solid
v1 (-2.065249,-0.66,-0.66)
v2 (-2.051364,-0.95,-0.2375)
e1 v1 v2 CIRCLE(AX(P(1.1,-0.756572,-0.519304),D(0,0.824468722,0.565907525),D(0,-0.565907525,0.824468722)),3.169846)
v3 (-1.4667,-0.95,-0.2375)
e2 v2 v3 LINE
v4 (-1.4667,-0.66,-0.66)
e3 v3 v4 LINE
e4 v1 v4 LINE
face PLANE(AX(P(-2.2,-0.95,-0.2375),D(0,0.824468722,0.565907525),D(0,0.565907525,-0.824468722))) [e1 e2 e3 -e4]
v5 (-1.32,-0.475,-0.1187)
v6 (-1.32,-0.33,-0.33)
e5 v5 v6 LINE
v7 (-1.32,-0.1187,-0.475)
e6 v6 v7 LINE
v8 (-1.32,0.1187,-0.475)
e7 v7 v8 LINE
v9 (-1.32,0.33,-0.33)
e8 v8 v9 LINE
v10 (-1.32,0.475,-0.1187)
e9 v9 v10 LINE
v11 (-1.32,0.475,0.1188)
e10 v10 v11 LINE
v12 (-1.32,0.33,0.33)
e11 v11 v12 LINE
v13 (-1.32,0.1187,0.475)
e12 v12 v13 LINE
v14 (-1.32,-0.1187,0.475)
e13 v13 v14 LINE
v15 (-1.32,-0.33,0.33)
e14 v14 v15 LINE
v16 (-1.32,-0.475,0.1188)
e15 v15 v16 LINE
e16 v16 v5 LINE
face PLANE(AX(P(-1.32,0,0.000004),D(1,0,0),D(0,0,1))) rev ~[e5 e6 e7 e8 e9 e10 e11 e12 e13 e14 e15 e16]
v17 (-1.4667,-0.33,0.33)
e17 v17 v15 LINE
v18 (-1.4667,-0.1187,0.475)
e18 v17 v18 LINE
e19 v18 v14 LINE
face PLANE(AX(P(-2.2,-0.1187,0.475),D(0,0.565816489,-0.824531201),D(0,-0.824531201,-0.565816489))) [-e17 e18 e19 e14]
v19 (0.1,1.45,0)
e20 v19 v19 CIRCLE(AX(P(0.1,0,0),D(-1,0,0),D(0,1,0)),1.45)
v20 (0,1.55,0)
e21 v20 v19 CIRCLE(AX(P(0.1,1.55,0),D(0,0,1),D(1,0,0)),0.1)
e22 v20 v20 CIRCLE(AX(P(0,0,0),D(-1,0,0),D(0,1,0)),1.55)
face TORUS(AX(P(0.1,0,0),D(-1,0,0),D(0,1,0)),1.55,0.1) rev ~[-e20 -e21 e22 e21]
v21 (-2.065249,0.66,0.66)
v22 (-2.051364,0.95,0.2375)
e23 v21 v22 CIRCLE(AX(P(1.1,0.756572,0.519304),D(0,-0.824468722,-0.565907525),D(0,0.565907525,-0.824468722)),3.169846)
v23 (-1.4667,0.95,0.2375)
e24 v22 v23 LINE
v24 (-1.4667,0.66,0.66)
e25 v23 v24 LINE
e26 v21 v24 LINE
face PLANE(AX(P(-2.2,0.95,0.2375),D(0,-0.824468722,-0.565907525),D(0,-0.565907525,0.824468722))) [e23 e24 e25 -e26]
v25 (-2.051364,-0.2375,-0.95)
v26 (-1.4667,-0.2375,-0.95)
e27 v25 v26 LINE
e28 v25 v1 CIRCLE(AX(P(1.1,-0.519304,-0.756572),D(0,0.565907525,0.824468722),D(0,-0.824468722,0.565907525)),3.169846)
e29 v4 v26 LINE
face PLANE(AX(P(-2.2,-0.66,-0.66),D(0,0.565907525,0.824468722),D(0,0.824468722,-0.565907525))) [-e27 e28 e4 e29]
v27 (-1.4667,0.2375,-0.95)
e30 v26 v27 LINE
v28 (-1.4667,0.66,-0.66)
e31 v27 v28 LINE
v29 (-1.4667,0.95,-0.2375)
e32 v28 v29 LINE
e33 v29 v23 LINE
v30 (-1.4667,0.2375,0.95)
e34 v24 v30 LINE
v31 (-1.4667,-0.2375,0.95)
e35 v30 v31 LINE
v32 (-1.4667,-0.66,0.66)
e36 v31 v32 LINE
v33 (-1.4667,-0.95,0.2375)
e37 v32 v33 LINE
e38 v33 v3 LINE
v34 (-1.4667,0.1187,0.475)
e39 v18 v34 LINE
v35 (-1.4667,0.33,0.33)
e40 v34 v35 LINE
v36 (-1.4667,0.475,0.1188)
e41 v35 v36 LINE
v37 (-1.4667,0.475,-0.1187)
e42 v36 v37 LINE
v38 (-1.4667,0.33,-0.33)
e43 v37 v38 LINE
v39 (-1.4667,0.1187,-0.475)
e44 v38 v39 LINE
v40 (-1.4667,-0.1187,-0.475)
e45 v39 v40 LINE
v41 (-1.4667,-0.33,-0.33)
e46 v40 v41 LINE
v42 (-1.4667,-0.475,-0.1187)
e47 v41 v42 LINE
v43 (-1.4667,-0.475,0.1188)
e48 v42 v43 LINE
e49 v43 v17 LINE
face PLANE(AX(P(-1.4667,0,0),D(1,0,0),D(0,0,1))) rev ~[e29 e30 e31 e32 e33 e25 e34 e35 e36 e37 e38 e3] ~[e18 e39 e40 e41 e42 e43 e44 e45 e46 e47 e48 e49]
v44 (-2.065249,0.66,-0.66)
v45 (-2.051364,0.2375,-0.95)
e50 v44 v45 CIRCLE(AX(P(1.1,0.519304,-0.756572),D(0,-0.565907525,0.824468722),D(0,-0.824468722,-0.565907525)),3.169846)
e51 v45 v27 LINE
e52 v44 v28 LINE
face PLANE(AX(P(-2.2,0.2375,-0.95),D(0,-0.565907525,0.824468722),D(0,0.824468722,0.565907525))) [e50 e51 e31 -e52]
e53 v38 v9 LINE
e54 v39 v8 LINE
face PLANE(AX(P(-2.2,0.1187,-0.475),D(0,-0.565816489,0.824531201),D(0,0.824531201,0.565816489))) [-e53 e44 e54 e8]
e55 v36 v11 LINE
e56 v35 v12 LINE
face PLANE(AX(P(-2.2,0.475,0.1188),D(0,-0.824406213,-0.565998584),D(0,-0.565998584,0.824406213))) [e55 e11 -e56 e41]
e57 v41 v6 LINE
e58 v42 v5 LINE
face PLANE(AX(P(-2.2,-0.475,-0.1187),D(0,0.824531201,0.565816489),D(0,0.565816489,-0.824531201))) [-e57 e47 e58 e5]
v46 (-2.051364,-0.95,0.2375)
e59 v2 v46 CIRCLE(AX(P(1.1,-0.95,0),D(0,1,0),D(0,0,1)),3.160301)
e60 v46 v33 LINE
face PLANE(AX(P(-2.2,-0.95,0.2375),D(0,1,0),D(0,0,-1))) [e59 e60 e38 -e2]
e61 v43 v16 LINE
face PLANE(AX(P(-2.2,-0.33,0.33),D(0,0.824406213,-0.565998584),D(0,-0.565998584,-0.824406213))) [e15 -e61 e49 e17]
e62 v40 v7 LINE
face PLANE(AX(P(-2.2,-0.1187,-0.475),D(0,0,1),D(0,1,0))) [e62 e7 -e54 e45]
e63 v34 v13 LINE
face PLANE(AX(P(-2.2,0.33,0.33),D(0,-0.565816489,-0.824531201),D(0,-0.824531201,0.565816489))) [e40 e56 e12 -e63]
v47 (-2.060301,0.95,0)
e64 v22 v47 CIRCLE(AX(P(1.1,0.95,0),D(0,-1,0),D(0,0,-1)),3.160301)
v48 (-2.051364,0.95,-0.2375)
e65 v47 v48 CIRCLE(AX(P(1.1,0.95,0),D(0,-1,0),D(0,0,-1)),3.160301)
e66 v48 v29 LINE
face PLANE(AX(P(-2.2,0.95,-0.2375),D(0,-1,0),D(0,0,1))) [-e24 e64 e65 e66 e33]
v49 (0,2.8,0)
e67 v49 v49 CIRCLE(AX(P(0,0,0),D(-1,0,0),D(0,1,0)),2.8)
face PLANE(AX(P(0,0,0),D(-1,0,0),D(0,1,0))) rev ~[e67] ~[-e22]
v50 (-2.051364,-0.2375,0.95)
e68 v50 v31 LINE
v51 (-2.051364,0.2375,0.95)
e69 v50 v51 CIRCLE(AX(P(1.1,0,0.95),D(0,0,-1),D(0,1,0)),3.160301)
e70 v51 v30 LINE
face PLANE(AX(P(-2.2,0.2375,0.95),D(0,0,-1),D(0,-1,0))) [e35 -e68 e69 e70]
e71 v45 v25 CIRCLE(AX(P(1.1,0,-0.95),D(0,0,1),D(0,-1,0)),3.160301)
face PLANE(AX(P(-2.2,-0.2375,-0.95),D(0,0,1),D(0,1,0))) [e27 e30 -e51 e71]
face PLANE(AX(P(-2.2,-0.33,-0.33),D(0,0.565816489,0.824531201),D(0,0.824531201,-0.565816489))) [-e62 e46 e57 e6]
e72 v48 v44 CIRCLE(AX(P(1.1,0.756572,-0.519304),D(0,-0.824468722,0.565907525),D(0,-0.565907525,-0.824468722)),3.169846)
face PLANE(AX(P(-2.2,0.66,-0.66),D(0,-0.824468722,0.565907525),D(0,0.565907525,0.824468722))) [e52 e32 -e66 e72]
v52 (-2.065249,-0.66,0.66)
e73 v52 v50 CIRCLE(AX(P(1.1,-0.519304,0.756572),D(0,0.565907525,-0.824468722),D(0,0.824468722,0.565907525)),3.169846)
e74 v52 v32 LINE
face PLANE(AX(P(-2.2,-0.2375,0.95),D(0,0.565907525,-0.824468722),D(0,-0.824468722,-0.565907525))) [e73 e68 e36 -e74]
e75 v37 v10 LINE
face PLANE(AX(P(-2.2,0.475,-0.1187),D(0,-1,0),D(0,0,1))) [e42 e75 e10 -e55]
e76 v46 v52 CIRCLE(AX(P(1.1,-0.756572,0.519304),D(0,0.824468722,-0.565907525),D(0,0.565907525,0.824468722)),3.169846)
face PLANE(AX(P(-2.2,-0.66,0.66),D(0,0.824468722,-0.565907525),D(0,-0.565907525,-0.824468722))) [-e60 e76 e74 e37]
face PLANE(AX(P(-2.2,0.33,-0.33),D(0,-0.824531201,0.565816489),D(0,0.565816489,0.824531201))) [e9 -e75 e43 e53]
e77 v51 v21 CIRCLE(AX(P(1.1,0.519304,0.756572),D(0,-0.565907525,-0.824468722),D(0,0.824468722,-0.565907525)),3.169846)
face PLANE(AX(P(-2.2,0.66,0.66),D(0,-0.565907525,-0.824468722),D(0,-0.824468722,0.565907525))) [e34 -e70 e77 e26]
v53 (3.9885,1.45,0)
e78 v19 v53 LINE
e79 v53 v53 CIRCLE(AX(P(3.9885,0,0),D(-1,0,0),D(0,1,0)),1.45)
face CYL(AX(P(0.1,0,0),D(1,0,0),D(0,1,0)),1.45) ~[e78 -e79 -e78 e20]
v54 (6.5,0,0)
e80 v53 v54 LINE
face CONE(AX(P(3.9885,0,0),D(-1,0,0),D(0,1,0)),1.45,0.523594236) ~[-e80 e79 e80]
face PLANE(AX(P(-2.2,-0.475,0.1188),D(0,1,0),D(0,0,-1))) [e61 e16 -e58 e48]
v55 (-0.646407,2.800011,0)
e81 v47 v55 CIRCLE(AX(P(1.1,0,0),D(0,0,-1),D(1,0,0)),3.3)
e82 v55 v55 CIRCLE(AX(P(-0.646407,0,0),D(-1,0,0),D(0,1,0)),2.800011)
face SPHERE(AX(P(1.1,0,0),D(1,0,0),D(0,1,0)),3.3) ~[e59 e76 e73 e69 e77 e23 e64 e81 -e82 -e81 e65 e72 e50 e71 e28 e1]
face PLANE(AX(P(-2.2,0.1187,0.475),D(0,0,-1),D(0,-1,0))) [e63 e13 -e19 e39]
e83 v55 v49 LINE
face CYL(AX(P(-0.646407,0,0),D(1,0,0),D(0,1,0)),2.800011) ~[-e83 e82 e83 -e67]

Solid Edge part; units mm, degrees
sketch "Sketch1" plane through (0, 0, 0) normal (0, 0, 1) x (1, 0, 0)
  arc A0 (-2.2, 0) -> (-0.6464, 2.8) centre (1.1, 0) cw
  line L0 (-0.6464, 2.8) -> (0, 2.8)
  line L1 (0, 2.8) -> (0, 1.55)
  arc A1 (0, 1.55) -> (0.1, 1.45) centre (0.1, 1.55) ccw
  line L2 (0.1, 1.45) -> (3.9885, 1.45)
  line L3 (3.9885, 1.45) -> (6.5, 0)
  line L4 (6.5, 0) -> (-2.2, 0)
revolve "RevolvedProtrusion1" add sketch "Sketch1" angle 360 about axis through (6.5, 0, 0) along (-1, 0, 0)
sketch "Sketch2" plane through (-2.2, 0, 0) normal (1, 0, 0) x (0, 1, 0)
  line L0 (0.2375, 0.95) -> (-0.2375, 0.95)
  line L1 (-0.2375, 0.95) -> (-0.66, 0.66)
  line L2 (-0.66, 0.66) -> (-0.95, 0.2375)
  line L3 (-0.95, 0.2375) -> (-0.95, -0.2375)
  line L4 (-0.95, -0.2375) -> (-0.66, -0.66)
  line L5 (-0.66, -0.66) -> (-0.2375, -0.95)
  line L6 (-0.2375, -0.95) -> (0.2375, -0.95)
  line L7 (0.2375, -0.95) -> (0.66, -0.66)
  line L8 (0.66, -0.66) -> (0.95, -0.2375)
  line L9 (0.95, -0.2375) -> (0.95, 0.2375)
  line L10 (0.95, 0.2375) -> (0.66, 0.66)
  line L11 (0.66, 0.66) -> (0.2375, 0.95)
extrude "ExtrudedCutout_1" cut sketch "Sketch2" along normal blind 0.7333
sketch "Sketch3" plane through (-2.2, 0, 0) normal (1, 0, 0) x (0, 1, 0)
  line L0 (0.1187, 0.475) -> (-0.1187, 0.475)
  line L1 (-0.1187, 0.475) -> (-0.33, 0.33)
  line L2 (-0.33, 0.33) -> (-0.475, 0.1188)
  line L3 (-0.475, 0.1188) -> (-0.475, -0.1187)
  line L4 (-0.475, -0.1187) -> (-0.33, -0.33)
  line L5 (-0.33, -0.33) -> (-0.1187, -0.475)
  line L6 (-0.1187, -0.475) -> (0.1187, -0.475)
  line L7 (0.1187, -0.475) -> (0.33, -0.33)
  line L8 (0.33, -0.33) -> (0.475, -0.1187)
  line L9 (0.475, -0.1187) -> (0.475, 0.1188)
  line L10 (0.475, 0.1188) -> (0.33, 0.33)
  line L11 (0.33, 0.33) -> (0.1187, 0.475)
extrude "ExtrudedCutout_2" cut sketch "Sketch3" along normal blind 0.88
properties part number "bene_inox_212406-2,9X6,5"
